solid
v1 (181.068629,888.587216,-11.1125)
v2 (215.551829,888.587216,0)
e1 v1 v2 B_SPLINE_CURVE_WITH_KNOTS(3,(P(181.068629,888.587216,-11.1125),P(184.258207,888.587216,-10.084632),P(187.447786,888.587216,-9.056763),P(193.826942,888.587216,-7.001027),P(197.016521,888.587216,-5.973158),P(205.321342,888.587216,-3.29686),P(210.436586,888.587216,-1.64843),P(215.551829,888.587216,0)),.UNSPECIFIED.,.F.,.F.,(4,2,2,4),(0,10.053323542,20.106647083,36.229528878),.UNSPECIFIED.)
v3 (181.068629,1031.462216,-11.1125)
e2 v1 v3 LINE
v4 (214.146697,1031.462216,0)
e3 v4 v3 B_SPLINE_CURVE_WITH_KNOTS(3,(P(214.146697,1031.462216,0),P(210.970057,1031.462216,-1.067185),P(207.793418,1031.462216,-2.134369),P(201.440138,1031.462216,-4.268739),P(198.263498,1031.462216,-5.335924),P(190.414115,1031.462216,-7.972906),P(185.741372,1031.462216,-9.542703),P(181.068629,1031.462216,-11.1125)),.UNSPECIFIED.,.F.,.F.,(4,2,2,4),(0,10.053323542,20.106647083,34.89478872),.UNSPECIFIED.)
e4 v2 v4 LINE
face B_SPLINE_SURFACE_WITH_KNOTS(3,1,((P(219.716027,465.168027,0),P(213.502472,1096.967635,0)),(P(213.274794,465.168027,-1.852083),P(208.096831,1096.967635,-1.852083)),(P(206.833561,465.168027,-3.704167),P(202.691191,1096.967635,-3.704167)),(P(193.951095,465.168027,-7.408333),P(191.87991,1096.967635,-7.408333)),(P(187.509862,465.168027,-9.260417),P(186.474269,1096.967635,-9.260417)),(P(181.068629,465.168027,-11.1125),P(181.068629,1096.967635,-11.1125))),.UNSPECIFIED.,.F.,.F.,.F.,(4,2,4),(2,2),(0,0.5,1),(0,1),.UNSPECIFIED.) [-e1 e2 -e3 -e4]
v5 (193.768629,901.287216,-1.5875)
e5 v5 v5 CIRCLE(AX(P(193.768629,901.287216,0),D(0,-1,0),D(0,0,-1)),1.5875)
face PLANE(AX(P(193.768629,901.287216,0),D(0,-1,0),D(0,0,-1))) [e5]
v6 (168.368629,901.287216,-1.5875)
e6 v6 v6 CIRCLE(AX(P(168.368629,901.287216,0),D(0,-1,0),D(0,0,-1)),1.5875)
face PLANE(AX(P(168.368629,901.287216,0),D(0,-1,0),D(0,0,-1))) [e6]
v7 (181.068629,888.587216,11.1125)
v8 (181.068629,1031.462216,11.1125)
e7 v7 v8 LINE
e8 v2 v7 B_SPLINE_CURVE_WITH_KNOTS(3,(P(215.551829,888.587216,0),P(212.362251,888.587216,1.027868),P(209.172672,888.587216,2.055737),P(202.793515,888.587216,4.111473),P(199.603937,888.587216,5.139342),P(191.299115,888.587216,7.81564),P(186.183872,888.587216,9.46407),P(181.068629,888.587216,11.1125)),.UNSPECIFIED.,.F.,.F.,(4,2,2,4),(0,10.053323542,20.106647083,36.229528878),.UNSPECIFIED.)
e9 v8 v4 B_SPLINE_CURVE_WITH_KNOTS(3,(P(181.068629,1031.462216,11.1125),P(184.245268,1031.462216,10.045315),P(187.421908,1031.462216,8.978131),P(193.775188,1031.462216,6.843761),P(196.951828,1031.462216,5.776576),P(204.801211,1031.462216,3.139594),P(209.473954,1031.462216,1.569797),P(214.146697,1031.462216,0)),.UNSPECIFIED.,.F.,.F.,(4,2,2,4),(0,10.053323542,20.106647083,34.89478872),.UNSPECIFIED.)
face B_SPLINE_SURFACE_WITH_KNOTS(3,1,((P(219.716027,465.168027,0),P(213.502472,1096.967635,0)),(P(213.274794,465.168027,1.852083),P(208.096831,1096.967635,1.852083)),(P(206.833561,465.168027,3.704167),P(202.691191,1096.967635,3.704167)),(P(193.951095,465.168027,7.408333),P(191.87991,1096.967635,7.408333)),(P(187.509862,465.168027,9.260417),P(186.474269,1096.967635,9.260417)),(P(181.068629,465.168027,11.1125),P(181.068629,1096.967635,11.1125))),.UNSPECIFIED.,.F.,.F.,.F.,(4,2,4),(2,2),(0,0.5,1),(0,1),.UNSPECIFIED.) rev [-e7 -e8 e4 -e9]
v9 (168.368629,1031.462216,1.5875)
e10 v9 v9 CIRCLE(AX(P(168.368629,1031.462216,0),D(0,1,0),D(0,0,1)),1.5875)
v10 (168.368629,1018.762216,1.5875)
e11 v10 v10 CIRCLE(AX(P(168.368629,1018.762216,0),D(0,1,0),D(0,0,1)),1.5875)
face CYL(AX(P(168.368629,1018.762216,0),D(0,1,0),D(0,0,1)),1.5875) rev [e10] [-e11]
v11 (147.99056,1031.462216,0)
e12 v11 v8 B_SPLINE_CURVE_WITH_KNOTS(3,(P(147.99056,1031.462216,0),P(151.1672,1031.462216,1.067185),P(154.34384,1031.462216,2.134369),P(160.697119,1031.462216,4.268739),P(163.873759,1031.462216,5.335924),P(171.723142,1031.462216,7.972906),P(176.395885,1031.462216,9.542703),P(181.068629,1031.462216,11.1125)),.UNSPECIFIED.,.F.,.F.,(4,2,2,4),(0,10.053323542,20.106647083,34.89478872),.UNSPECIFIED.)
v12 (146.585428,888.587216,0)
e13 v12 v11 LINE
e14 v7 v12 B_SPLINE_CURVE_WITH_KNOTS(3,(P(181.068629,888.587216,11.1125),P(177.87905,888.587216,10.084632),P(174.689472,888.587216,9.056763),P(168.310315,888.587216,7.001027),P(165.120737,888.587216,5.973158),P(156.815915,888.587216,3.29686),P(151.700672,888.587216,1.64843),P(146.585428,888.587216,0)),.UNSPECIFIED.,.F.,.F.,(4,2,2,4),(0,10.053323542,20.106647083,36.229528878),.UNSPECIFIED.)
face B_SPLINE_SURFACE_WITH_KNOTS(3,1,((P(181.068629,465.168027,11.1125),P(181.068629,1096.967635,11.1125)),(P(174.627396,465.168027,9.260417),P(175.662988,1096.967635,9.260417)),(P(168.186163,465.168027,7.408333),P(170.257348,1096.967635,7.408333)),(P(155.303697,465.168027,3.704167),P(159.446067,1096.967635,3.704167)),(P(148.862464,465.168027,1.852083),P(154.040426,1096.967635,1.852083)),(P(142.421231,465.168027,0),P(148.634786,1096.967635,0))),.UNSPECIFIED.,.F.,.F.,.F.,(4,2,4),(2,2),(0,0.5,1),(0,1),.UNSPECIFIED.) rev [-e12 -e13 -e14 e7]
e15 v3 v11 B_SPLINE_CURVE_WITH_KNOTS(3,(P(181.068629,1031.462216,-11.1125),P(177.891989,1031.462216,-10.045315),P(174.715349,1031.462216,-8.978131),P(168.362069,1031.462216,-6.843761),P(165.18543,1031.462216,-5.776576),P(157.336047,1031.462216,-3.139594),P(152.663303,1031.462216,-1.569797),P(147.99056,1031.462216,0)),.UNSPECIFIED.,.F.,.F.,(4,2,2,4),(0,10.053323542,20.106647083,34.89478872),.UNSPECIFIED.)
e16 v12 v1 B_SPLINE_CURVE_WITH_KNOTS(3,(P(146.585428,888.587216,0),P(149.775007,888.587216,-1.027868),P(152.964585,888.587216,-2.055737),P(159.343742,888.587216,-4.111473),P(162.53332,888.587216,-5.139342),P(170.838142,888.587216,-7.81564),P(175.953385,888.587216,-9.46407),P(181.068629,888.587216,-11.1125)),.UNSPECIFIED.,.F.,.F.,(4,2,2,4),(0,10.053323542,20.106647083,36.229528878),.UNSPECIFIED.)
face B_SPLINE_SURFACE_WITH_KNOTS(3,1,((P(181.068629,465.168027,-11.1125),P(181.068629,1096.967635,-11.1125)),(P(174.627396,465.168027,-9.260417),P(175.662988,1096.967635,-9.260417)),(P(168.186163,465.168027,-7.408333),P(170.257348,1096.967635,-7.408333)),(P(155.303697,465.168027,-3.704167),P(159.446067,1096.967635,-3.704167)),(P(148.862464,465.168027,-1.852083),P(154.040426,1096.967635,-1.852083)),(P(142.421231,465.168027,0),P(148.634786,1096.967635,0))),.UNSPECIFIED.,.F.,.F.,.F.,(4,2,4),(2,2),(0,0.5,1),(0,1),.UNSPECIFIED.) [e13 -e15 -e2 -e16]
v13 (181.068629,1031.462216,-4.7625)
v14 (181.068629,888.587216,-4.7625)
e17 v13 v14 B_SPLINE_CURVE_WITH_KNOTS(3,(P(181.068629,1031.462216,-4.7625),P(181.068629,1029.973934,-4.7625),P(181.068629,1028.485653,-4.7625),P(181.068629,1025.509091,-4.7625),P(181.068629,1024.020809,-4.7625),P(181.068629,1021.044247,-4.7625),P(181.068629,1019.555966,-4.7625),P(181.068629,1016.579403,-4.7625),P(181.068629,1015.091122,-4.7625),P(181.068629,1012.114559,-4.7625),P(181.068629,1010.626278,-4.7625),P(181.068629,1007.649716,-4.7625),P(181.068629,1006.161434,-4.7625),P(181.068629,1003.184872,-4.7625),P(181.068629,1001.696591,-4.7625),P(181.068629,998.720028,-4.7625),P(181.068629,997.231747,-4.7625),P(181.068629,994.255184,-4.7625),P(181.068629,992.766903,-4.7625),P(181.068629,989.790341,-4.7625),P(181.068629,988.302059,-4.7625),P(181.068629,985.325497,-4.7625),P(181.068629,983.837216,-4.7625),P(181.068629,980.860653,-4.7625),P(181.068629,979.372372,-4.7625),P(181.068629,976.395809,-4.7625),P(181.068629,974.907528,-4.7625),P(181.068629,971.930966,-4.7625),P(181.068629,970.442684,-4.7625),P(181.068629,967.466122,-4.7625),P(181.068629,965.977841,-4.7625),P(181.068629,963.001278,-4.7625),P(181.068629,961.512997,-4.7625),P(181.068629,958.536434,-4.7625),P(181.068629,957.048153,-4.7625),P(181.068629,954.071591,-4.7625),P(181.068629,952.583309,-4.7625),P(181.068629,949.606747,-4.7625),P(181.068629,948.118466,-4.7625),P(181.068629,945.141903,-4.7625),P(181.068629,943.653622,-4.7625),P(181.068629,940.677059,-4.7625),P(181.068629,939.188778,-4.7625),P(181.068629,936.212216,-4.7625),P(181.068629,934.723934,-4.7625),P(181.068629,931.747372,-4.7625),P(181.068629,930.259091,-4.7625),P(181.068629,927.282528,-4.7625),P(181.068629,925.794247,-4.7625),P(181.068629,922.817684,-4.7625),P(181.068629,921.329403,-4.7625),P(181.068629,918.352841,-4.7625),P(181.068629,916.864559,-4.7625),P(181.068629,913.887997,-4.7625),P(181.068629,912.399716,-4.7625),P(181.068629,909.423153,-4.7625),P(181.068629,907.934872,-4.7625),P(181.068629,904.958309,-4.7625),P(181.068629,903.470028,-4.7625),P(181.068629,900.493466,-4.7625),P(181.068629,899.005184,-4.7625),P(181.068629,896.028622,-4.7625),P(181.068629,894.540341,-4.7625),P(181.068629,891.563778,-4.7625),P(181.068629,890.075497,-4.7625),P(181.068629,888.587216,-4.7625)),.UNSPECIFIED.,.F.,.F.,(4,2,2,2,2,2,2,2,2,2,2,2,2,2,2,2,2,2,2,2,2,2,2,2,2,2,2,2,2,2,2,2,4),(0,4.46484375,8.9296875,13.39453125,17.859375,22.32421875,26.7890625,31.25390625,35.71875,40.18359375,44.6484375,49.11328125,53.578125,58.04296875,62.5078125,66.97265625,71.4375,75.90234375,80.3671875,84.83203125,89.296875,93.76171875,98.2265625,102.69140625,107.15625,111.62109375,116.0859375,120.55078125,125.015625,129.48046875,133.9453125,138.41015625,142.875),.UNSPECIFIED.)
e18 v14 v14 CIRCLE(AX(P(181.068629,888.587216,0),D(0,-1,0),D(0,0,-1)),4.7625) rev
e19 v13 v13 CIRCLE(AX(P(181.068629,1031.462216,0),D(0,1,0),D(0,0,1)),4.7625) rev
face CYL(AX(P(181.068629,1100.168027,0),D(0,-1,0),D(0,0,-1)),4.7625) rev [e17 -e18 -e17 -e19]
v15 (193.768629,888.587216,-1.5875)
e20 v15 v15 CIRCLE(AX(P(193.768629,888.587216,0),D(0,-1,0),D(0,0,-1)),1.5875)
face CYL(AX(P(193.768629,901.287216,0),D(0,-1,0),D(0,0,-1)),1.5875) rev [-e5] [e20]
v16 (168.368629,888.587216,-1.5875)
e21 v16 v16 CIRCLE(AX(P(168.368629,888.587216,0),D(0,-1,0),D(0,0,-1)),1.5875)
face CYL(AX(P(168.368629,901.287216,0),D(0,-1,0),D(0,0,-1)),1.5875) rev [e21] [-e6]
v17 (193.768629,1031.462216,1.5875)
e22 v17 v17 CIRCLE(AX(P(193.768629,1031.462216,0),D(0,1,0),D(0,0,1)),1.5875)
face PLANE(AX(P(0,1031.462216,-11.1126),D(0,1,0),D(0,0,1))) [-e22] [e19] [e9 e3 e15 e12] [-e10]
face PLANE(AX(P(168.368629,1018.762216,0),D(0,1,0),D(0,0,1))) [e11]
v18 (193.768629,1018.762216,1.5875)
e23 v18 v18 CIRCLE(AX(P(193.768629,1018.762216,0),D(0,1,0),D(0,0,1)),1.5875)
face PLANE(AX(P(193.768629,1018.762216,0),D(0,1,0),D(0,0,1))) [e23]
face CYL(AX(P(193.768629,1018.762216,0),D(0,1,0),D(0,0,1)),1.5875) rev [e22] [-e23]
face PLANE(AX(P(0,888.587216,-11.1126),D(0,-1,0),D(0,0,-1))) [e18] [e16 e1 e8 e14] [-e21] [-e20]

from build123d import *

# Parameters (mm, degrees)
BOSS_EXTRUDE1_DEPTH      = 11.1125
BOSS_EXTRUDE1_DEPTH_BACK = 11.1125
SKETCH5_W                = 109.877468776
SKETCH5_H                = 283.051122129
CUT_EXTRUDE2_DEPTH       = 1193.492852366
SKETCH6_W                = 149.121482991
SKETCH6_H                = 108.921761737
CUT_EXTRUDE3_DEPTH       = 1175.662940665
SKETCH7_R                = 4.7625
CUT_EXTRUDE4_DEPTH       = 635
CUT_EXTRUDE8_DEPTH       = 1195.766301895
CUT_EXTRUDE8_DEPTH_BACK  = 1195.766301895
SKETCH8_W                = 149.774750394
SKETCH8_H                = 148.832770831
SKETCH8_H_2              = 176.125878949
SKETCH8_H_3              = 142.875
SKETCH15_R               = 1.5875
CUT_EXTRUDE13_DEPTH      = 12.7
CUT_EXTRUDE14_START      = -12.7
SKETCH16_R               = 1.5875
CUT_EXTRUDE14_DEPTH      = 12.7


with BuildPart() as part:
    # Sketch1 → Boss-Extrude1 (new, two sides: drawn at the far end of the back side and taken through both)
    with BuildSketch(Plane.XY.offset(-BOSS_EXTRUDE1_DEPTH_BACK)):
        Polygon((142.42123069, 465.168027231), (219.716026672, 465.168027231), (213.502471629, 1096.967634552), (181.068628681, 1174.337215652), (148.634785732, 1096.967634552), align=None)
    extrude(amount=BOSS_EXTRUDE1_DEPTH + BOSS_EXTRUDE1_DEPTH_BACK)

    # Sketch2 → Cut-Loft1 section 0
    with BuildSketch(Plane.XZ.offset(-465.168027231)):
        with BuildLine():
            Line((142.42123069, 0), (181.068628681, 11.1125))
            Line((181.068628681, 11.1125), (219.716026672, 0))
            Line((219.716026672, 0), (222.70513775, 0))
            Line((222.70513775, 0), (222.70513775, 15.258366339))
            Line((222.70513775, 15.258366339), (137.848628215, 15.258366339))
            Line((137.848628215, 15.258366339), (137.848628215, 0))
            Line((137.848628215, 0), (142.42123069, 0))
        make_face()
    # Sketch3 → Cut-Loft1 section 1
    with BuildSketch(Plane(origin=(0, 1096.967634552, 0), x_dir=(1, 0, 0), z_dir=(0, 1, 0))):
        with BuildLine():
            Line((213.502471629, 0), (181.068628681, -11.1125))
            Line((181.068628681, -11.1125), (148.634785732, 0))
            Line((148.634785732, 0), (137.848628215, 0))
            Line((137.848628215, 0), (137.848628215, -15.258366339))
            Line((137.848628215, -15.258366339), (222.70513775, -15.258366339))
            Line((222.70513775, -15.258366339), (222.70513775, 0))
            Line((222.70513775, 0), (213.502471629, 0))
        make_face()
    cut_loft1 = loft(mode=Mode.SUBTRACT)

    # Mirror1: Cut-Loft1 across plane
    add(cut_loft1.mirror(Plane.XY), mode=Mode.SUBTRACT)

    # Sketch5 → Cut-Extrude2 (cut, through all)
    with BuildSketch(Plane(origin=(-32.103098407, 13.457832356, 93.698704331), x_dir=(0.9470206004067627, 0.045661094409327196, 0.31791043842968925), z_dir=(-0.3211728232668741, 0.1346377834927197, 0.937401026696127))):
        with Locations((219.349244299, 1139.303724701)):
            Rectangle(SKETCH5_W, SKETCH5_H)
    cut_extrude2 = extrude(amount=CUT_EXTRUDE2_DEPTH, mode=Mode.SUBTRACT)

    # Sketch6 → Cut-Extrude3 (cut, through all)
    with BuildSketch(Plane(origin=(69.458274406, 29.117370568, 202.726547902), x_dir=(0.9470206004067623, -0.045661094409327495, -0.31791043842969063), z_dir=(0.3211728232668754, 0.13463778349272, 0.9374010266961263))):
        with Locations((131.752816965, 1118.922251835)):
            Rectangle(SKETCH6_W, SKETCH6_H)
    cut_extrude3 = extrude(amount=CUT_EXTRUDE3_DEPTH, mode=Mode.SUBTRACT)

    # Mirror2: Cut-Extrude2, Cut-Extrude3 across plane
    add(cut_extrude2.mirror(Plane.XY), mode=Mode.SUBTRACT)
    add(cut_extrude3.mirror(Plane.XY), mode=Mode.SUBTRACT)

    # Sketch7 → Cut-Extrude4 (cut)
    with BuildSketch(Plane.XZ.offset(-465.168027231)):
        with Locations(Location((181.068628681, 0, 0), (0, 0, 270))):
            Circle(SKETCH7_R)
    extrude(amount=-CUT_EXTRUDE4_DEPTH, mode=Mode.SUBTRACT)

    # Sketch8 → Cut-Extrude8 (cut, two sides: drawn at the far end of the back side and taken through both)
    with BuildSketch(Plane.XY.offset(-CUT_EXTRUDE8_DEPTH_BACK)):
        with Locations((180.5976389, 528.420830237)):
            Rectangle(SKETCH8_W, SKETCH8_H)
        with Locations((180.5976389, 1119.525155127)):
            Rectangle(SKETCH8_W, SKETCH8_H_2)
        with Locations((180.5976389, 674.274715652)):
            Rectangle(SKETCH8_W, SKETCH8_H_3)
        with Locations((180.5976389, 817.149715652)):
            Rectangle(SKETCH8_W, SKETCH8_H_3)
    extrude(amount=CUT_EXTRUDE8_DEPTH + CUT_EXTRUDE8_DEPTH_BACK, mode=Mode.SUBTRACT)

    # Sketch15 → Cut-Extrude13 (cut)
    with BuildSketch(Plane.XZ.offset(-888.587215652)):
        with Locations(Location((168.368628681, 0, 0), (0, 0, 270))):
            Circle(SKETCH15_R)
        with Locations(Location((193.768628681, 0, 0), (0, 0, 270))):
            Circle(SKETCH15_R)
    extrude(amount=-CUT_EXTRUDE13_DEPTH, mode=Mode.SUBTRACT)

    # Sketch16 → Cut-Extrude14 (cut)
    with BuildSketch(Plane(origin=(0, 1031.462215652, 0), x_dir=(1, 0, 0), z_dir=(0, 1, 0)).offset(CUT_EXTRUDE14_START)):
        with Locations(Location((168.368628681, 0, 0), (0, 0, 90))):
            Circle(SKETCH16_R)
        with Locations(Location((193.768628681, 0, 0), (0, 0, 90))):
            Circle(SKETCH16_R)
    extrude(amount=CUT_EXTRUDE14_DEPTH, mode=Mode.SUBTRACT)


solid = part.part
